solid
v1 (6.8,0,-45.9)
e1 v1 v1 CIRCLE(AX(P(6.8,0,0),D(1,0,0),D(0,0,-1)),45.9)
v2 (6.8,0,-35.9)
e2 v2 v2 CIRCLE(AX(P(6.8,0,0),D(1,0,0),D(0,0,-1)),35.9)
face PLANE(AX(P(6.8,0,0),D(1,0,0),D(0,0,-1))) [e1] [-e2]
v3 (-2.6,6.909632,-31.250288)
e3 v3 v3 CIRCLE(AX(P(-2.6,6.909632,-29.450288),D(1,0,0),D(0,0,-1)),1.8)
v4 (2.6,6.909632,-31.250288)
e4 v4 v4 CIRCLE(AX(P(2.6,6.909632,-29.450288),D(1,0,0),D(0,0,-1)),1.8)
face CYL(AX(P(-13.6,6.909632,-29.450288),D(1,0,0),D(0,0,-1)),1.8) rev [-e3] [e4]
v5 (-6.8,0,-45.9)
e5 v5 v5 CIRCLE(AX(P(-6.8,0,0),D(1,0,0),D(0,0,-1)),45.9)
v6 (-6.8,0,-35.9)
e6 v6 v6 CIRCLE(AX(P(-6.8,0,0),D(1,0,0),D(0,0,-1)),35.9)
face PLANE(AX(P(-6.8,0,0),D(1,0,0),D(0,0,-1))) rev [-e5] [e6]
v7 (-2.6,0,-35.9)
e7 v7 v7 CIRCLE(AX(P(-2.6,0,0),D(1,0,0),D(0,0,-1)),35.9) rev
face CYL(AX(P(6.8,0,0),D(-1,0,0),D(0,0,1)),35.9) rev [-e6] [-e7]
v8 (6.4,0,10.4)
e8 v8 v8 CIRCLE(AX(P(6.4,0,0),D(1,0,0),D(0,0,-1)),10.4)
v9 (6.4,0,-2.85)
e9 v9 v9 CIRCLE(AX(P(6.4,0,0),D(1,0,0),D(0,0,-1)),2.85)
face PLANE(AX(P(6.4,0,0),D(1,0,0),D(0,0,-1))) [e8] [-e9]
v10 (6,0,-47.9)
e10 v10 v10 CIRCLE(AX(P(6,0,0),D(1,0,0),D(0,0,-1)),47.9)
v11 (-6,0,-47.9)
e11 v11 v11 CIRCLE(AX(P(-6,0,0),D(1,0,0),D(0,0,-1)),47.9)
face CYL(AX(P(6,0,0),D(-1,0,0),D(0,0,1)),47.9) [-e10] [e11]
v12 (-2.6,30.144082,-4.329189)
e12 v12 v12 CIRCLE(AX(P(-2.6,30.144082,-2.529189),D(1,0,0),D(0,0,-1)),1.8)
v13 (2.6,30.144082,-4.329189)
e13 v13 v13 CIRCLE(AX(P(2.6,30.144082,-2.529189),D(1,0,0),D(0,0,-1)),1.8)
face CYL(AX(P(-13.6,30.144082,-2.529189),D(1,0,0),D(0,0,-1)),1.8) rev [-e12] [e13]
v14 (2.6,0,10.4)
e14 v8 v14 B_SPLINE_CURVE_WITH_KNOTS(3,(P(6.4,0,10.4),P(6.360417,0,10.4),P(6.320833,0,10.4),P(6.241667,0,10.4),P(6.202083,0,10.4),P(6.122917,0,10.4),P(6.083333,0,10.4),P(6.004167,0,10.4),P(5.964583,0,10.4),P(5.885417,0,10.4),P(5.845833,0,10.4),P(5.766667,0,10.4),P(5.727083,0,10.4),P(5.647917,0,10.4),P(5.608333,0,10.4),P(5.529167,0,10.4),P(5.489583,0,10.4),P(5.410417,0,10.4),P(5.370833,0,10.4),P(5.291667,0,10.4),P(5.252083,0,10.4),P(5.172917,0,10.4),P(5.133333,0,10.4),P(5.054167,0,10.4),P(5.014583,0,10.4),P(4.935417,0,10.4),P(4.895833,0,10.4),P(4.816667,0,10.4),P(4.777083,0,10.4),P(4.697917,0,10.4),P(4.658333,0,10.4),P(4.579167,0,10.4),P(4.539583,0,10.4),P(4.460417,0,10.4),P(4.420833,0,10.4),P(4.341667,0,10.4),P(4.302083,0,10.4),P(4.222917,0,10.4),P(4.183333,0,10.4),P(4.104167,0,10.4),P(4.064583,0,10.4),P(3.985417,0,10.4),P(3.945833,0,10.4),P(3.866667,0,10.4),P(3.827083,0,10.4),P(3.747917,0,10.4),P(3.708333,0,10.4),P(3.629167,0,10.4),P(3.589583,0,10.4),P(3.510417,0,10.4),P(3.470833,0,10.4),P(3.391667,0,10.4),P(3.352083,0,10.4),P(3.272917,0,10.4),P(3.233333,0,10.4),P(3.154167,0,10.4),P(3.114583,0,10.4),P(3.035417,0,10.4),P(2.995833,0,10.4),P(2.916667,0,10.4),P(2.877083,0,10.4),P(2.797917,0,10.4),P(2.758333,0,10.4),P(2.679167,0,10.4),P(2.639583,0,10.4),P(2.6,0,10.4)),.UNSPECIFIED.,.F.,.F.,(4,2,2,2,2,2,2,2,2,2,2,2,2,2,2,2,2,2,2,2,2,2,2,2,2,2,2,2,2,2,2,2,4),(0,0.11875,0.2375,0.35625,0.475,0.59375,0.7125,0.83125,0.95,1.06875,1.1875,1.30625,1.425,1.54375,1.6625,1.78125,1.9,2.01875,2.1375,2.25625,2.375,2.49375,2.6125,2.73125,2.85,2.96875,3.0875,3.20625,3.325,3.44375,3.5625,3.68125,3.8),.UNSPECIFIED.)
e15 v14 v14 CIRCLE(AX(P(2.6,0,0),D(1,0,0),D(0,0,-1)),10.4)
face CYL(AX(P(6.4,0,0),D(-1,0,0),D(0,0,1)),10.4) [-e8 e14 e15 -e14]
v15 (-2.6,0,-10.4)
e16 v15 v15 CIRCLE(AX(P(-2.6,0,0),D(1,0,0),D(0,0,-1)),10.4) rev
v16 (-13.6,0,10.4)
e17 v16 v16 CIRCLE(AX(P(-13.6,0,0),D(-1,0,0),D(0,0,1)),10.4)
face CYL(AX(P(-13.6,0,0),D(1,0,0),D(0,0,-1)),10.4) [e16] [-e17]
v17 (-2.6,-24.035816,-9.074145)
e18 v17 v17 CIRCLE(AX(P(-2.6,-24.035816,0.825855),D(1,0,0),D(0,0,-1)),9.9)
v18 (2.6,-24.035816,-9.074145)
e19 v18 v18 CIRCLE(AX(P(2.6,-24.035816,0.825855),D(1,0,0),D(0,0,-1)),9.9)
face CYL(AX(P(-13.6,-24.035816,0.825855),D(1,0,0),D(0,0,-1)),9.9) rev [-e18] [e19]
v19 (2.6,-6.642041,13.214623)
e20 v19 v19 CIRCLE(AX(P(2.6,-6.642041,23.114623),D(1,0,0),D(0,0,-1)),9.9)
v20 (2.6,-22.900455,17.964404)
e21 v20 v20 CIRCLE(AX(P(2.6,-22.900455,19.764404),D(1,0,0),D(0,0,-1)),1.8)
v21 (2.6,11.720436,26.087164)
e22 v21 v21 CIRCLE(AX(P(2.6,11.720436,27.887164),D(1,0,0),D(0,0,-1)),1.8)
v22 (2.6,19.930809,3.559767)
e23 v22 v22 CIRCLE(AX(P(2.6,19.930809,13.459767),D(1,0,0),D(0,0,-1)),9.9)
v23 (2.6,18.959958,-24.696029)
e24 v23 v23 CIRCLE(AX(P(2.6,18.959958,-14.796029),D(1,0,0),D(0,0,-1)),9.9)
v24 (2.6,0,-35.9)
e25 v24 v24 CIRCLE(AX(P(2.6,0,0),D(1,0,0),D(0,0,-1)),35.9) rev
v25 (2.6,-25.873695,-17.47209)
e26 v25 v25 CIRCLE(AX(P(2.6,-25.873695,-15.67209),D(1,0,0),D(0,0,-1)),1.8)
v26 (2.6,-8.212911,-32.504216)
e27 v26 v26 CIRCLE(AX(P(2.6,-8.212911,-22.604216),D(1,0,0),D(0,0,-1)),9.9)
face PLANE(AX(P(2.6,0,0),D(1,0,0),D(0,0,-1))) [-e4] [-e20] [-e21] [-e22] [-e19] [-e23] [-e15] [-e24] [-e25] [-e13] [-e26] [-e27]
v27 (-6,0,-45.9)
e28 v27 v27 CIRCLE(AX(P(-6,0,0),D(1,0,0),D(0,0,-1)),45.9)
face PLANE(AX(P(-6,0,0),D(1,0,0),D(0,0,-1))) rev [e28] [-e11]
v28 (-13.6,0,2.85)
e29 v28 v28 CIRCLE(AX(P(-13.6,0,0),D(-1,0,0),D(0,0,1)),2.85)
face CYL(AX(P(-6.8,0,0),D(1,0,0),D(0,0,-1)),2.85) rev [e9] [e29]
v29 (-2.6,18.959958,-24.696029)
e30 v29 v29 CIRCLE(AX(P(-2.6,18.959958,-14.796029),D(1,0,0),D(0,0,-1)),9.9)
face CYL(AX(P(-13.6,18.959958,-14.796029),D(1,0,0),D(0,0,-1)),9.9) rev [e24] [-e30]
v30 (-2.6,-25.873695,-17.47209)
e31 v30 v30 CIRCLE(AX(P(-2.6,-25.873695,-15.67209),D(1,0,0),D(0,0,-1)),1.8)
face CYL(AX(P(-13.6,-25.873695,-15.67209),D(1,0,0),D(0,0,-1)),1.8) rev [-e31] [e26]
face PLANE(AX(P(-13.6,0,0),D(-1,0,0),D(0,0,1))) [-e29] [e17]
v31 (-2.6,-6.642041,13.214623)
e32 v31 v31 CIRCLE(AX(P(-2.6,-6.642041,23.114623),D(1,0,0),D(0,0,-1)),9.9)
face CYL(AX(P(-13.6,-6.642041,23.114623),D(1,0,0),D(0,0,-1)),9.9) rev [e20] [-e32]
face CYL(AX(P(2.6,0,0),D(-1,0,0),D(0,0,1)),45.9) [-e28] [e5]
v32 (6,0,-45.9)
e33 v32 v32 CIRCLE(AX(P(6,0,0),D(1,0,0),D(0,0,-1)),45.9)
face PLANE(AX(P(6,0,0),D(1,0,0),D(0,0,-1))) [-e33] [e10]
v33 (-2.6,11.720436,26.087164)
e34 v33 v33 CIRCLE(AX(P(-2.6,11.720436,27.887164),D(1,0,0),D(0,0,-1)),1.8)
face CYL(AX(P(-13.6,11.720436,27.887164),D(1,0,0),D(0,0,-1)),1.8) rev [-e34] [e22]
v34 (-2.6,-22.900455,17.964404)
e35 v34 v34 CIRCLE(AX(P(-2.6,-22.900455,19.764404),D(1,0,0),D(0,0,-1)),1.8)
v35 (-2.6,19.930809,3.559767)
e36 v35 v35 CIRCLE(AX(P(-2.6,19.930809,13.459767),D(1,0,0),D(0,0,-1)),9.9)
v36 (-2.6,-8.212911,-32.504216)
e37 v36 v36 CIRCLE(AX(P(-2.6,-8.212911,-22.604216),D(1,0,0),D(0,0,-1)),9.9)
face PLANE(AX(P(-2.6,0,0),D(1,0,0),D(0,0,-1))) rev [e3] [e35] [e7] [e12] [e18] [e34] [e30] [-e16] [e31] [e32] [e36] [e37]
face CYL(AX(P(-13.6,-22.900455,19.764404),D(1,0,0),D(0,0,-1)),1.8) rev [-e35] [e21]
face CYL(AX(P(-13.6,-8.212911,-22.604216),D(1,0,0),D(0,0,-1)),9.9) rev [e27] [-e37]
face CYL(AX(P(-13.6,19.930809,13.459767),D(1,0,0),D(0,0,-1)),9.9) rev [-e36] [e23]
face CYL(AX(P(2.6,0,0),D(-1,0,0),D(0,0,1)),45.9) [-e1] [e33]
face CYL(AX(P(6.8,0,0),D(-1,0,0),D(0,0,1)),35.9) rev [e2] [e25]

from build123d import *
from build123d.topology import SkipClean

# Parameters (mm, degrees)
SKETCH_3_R               = 45.9
EXTRUDE_3_DEPTH          = 2.6
SKETCH_4_R               = 45.9
SKETCH_4_R_2             = 35.9
EXTRUDE_4_DEPTH          = 6.8
SKETCH_5_R               = 2.85
CUT_EXTRUDE_3_DEPTH      = 6.8
SKETCH_13_R              = 10.4
SKETCH_13_R_2            = 2.85
EXTRUDE_5_DEPTH          = 11
EXTRUDE_START            = 3.8
SKETCH_14_R              = 10.4
SKETCH_14_R_2            = 2.85
EXTRUDE_6_DEPTH          = 3.8
SKETCH_17_R              = 9.9
CUT_EXTRUDE_5_DEPTH      = 67.321791291
PATTERN_CIRCULAR_1_COUNT = 5
SKETCH_19_R              = 1.8
CUT_EXTRUDE_6_DEPTH      = 67.321791291
PATTERN_CIRCULAR_2_COUNT = 5
SKETCH_20_R              = 47.9
SKETCH_20_R_2            = 45.9
EXTRUDE_7_DEPTH          = 6


with BuildPart() as part:
    # 草图3 → 凸台-拉伸3 (new, symmetric)
    with BuildSketch(Plane(origin=(0, 0, 0), x_dir=(0, 0, -1), z_dir=(1, 0, 0))):
        Circle(SKETCH_3_R)
    extrude(amount=EXTRUDE_3_DEPTH, both=True)

    # 草图4 → 凸台-拉伸4 (add, symmetric)
    with BuildSketch(Plane(origin=(0, 0, 0), x_dir=(0, 0, -1), z_dir=(1, 0, 0))):
        Circle(SKETCH_4_R)
        Circle(SKETCH_4_R_2, mode=Mode.SUBTRACT)
    extrude(amount=EXTRUDE_4_DEPTH, both=True)

    # 草图5 → 切除-拉伸3 (cut, symmetric)
    with BuildSketch(Plane(origin=(0, 0, 0), x_dir=(0, 0, -1), z_dir=(1, 0, 0))):
        Circle(SKETCH_5_R)
    extrude(amount=CUT_EXTRUDE_3_DEPTH, both=True, mode=Mode.SUBTRACT)

    # 草图13 → 凸台-拉伸5 (add)
    with SkipClean():  # the faces are left unmerged after this step: merging them gives an invalid solid
        with BuildSketch(Plane.ZY.offset(2.6)):
            Circle(SKETCH_13_R)
            Circle(SKETCH_13_R_2, mode=Mode.SUBTRACT)
        extrude(amount=EXTRUDE_5_DEPTH)

    # 草图14 → 凸台-拉伸6 (add)
    with SkipClean():  # the faces are left unmerged after this step: merging them gives an invalid solid
        with BuildSketch(Plane(origin=(2.6, 0, 0), x_dir=(0, 0, -1), z_dir=(1, 0, 0)).offset(EXTRUDE_START)):
            Circle(SKETCH_14_R)
            Circle(SKETCH_14_R_2, mode=Mode.SUBTRACT)
        extrude(amount=-EXTRUDE_6_DEPTH)

    # 草图17 → 切除-拉伸5 (cut, symmetric)
    with SkipClean():  # the faces are left unmerged after this step: merging them gives an invalid solid
        with BuildSketch(Plane(origin=(0, 0, 0), x_dir=(0, 0, -1), z_dir=(1, 0, 0))):
            with Locations((-13.45976737, 19.930809375)):
                Circle(SKETCH_17_R)
        cut_extrude_5 = extrude(amount=CUT_EXTRUDE_5_DEPTH, both=True, mode=Mode.SUBTRACT)

    # 阵列(圆周)1: 切除-拉伸5 ×5 about axis
    with SkipClean():  # the faces are left unmerged after this step: merging them gives an invalid solid
        pattern_circular_1_axis = Axis((7.82, 0, 0), (-1, 0, 0))
        for i in range(1, PATTERN_CIRCULAR_1_COUNT):
            add(cut_extrude_5.rotate(pattern_circular_1_axis, i * 360 / PATTERN_CIRCULAR_1_COUNT), mode=Mode.SUBTRACT)

    # 草图19 → 切除-拉伸6 (cut, symmetric)
    with SkipClean():  # the faces are left unmerged after this step: merging them gives an invalid solid
        with BuildSketch(Plane(origin=(0, 0, 0), x_dir=(0, 0, -1), z_dir=(1, 0, 0))):
            with Locations((-27.887163563, 11.720435504)):
                Circle(SKETCH_19_R)
        cut_extrude_6 = extrude(amount=CUT_EXTRUDE_6_DEPTH, both=True, mode=Mode.SUBTRACT)

    # 阵列(圆周)2: 切除-拉伸6 ×5 about axis
    with SkipClean():  # the faces are left unmerged after this step: merging them gives an invalid solid
        pattern_circular_2_axis = Axis((7.82, 0, 0), (-1, 0, 0))
        for i in range(1, PATTERN_CIRCULAR_2_COUNT):
            add(cut_extrude_6.rotate(pattern_circular_2_axis, i * 360 / PATTERN_CIRCULAR_2_COUNT), mode=Mode.SUBTRACT)

    # 草图20 → 凸台-拉伸7 (add, symmetric)
    with SkipClean():  # the faces are left unmerged after this step: merging them gives an invalid solid
        with BuildSketch(Plane(origin=(0, 0, 0), x_dir=(0, 0, -1), z_dir=(1, 0, 0))):
            Circle(SKETCH_20_R)
            Circle(SKETCH_20_R_2, mode=Mode.SUBTRACT)
        extrude(amount=EXTRUDE_7_DEPTH, both=True)


solid = part.part
